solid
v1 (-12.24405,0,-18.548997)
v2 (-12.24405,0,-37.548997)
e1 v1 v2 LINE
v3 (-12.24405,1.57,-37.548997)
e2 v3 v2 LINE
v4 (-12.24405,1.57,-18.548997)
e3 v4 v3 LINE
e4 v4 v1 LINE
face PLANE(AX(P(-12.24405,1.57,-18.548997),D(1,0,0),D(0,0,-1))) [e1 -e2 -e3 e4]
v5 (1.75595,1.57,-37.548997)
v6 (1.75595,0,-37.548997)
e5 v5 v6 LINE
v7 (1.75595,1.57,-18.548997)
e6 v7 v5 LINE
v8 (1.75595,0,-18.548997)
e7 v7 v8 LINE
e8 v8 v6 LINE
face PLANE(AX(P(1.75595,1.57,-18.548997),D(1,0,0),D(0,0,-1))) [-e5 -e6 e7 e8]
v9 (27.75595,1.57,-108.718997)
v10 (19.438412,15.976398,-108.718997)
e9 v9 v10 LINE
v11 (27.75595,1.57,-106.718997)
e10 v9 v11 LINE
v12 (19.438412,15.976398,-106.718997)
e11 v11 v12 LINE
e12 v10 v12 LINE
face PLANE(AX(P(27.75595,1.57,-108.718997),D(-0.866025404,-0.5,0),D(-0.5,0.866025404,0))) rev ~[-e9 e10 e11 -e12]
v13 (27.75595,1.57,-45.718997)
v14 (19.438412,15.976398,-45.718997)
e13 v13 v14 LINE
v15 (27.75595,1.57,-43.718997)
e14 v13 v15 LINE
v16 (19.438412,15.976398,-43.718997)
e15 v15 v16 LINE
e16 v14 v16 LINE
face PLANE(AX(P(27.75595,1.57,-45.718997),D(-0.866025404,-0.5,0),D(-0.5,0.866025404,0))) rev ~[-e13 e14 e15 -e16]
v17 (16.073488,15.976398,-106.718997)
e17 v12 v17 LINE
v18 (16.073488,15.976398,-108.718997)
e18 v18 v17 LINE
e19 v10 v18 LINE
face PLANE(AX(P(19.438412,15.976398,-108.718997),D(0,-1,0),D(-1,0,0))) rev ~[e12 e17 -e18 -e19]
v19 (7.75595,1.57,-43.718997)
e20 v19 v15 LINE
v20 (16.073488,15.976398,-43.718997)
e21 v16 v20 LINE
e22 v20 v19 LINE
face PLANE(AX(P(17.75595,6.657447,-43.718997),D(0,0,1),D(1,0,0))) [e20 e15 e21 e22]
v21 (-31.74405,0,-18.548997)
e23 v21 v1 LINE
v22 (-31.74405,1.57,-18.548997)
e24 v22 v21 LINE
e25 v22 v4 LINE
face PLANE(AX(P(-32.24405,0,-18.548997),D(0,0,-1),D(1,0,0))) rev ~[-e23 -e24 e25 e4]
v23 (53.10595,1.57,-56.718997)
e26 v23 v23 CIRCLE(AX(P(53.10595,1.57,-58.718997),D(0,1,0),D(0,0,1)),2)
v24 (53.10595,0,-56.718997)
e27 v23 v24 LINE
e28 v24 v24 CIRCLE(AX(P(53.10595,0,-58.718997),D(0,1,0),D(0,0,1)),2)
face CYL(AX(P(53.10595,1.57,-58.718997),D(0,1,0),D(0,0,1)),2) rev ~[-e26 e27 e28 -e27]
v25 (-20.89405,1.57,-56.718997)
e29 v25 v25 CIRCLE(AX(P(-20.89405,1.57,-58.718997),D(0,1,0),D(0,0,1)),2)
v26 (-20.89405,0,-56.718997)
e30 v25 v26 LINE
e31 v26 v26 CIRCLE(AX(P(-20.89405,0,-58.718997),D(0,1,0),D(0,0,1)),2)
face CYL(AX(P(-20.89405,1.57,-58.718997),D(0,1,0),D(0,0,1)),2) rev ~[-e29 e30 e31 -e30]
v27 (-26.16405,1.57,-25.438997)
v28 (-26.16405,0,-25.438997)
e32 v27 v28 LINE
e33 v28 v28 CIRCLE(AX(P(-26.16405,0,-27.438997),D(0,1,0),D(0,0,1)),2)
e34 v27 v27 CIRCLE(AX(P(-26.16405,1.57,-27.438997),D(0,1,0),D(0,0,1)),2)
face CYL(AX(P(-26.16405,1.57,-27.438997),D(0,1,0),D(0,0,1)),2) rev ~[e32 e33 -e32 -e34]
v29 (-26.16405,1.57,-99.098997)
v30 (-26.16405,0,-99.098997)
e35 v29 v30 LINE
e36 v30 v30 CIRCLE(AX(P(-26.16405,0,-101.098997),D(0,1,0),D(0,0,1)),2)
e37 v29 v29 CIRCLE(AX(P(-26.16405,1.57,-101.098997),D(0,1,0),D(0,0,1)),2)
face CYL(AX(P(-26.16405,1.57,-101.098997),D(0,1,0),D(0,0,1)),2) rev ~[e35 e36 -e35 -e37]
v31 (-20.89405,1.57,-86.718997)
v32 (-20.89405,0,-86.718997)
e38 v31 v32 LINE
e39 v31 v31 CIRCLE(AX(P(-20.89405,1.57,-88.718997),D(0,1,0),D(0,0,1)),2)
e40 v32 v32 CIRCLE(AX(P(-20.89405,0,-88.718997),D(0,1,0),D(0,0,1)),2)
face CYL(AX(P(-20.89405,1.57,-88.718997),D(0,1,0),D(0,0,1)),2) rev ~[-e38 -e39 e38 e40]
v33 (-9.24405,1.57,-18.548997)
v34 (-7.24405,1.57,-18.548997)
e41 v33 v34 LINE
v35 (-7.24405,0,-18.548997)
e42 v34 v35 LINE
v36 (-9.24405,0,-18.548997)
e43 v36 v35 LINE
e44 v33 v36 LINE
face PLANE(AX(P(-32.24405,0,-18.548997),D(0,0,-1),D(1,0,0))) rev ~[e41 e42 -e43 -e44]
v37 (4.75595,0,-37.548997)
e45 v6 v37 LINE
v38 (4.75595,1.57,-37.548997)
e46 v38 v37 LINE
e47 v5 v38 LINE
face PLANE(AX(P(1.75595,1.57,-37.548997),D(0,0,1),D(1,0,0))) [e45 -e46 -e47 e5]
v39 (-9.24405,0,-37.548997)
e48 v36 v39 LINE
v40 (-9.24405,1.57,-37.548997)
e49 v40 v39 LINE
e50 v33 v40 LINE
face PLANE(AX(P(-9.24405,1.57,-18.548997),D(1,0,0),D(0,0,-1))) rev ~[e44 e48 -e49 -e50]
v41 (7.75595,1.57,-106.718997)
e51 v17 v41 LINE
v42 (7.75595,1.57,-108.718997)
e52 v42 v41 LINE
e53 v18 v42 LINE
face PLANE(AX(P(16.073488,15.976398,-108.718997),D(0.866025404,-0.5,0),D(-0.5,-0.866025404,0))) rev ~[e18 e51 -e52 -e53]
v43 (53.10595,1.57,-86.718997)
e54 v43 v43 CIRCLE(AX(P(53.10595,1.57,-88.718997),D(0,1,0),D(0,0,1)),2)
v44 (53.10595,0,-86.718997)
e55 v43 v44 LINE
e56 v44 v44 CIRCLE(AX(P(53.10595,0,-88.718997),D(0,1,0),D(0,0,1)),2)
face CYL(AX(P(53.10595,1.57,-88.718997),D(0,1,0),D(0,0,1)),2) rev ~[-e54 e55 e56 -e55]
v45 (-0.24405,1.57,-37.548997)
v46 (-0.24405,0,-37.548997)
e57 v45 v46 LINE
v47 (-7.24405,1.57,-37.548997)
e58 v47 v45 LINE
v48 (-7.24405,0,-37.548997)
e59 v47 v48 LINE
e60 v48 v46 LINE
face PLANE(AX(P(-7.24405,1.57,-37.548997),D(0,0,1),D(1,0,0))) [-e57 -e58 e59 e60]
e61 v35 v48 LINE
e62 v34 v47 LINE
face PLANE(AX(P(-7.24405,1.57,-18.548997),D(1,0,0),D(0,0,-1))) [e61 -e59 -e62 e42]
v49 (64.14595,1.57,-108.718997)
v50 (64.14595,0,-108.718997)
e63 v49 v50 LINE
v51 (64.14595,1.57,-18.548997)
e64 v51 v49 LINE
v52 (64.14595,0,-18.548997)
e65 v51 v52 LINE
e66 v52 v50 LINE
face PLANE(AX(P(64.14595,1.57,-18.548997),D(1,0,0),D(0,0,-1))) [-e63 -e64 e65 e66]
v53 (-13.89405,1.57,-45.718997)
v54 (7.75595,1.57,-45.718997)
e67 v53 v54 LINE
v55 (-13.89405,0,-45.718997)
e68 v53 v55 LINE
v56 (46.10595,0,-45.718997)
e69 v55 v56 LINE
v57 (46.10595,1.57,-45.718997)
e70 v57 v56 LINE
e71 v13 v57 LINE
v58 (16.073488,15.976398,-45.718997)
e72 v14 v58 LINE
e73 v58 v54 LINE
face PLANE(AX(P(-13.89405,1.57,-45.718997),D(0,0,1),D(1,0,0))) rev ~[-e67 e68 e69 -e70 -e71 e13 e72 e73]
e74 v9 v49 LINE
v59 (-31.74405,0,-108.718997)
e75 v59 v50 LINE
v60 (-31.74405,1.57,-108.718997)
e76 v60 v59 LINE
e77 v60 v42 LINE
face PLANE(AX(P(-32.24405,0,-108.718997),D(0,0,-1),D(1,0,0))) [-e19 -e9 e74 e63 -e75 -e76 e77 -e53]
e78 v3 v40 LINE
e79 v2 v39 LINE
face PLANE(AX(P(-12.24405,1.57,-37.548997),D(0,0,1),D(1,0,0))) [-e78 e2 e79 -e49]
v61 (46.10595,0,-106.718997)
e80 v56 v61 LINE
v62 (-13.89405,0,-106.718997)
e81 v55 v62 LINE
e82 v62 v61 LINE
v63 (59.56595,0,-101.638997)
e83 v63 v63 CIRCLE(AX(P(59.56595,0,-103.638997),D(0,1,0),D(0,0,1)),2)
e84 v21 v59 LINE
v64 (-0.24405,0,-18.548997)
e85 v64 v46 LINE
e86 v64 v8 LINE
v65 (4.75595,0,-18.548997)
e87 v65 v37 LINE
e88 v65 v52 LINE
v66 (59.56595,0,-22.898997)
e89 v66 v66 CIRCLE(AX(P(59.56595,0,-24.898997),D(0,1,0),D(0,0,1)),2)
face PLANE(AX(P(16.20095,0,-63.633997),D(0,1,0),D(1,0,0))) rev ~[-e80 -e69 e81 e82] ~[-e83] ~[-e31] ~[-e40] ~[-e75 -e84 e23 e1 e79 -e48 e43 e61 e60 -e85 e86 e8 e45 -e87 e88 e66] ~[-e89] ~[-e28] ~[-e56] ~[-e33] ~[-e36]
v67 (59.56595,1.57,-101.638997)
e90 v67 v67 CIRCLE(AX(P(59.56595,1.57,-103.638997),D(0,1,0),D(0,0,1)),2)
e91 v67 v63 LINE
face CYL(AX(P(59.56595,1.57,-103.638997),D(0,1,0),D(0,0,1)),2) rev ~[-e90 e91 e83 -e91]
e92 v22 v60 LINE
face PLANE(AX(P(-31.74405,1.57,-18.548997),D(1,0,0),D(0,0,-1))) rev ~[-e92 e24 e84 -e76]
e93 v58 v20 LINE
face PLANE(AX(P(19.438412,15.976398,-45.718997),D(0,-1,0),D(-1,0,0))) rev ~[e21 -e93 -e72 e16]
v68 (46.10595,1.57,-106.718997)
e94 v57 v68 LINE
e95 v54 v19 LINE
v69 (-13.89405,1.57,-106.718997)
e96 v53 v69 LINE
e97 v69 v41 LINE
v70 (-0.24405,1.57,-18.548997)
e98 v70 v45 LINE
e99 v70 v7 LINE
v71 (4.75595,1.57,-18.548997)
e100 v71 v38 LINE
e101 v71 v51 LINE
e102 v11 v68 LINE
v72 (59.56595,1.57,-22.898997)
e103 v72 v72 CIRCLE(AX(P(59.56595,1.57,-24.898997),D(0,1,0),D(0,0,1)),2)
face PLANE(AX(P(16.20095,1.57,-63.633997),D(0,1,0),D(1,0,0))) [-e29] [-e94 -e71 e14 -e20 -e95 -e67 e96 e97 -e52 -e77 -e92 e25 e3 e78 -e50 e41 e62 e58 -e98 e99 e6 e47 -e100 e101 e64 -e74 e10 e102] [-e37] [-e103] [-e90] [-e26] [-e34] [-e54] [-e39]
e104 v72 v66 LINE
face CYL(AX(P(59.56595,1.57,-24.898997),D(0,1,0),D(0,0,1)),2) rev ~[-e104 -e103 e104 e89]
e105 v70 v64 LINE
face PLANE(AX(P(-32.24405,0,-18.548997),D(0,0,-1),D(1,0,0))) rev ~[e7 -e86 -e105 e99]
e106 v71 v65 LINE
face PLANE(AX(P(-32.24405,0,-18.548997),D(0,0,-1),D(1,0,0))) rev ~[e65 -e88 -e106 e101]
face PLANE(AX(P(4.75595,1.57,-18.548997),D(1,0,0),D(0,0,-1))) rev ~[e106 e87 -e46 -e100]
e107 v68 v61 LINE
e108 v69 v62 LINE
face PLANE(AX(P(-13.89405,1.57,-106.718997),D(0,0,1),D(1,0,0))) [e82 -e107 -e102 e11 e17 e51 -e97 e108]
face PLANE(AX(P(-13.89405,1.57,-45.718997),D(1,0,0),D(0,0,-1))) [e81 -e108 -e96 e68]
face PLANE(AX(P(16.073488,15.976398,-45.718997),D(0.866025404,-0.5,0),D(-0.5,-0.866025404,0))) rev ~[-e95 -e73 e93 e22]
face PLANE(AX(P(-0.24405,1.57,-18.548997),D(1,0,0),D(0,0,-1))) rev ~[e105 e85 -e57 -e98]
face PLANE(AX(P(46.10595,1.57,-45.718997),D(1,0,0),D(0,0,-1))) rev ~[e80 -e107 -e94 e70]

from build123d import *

# Parameters (mm, degrees)
SKETCH1_W               = 96.89
SKETCH1_H               = 90.17
PCB_DEPTH               = 1.57
SKETCH2_R               = 2
M3_MOUNTING_HOLES_DEPTH = 1.57
SKETCH4_R               = 2
CUT_EXTRUDE1_DEPTH      = 23
BOSS_EXTRUDE2_DEPTH     = 2
BOSS_EXTRUDE3_DEPTH     = 2
SKETCH9_W               = 3
SKETCH9_H               = 19
SKETCH9_W_2             = 7
CUT_EXTRUDE2_DEPTH      = 128.304608561
SKETCH10_W              = 0.5
SKETCH10_H              = 90.17
CUT_EXTRUDE3_DEPTH      = 10
SKETCH11_W              = 60
SKETCH11_H              = 61
CUT_EXTRUDE4_DEPTH      = 10


with BuildPart() as part:
    # Sketch1 → PCB (new body)
    with BuildSketch(Plane(origin=(0, 0, 0), x_dir=(1, 0, 0), z_dir=(0, 1, 0))):
        with Locations((16.200949951, 63.633996534)):
            Rectangle(SKETCH1_W, SKETCH1_H)
    extrude(amount=PCB_DEPTH)

    # Sketch2 → M3 Mounting Holes (cut)
    with BuildSketch(Plane(origin=(0, 1.57, 0), x_dir=(1, 0, 0), z_dir=(0, 1, 0))):
        with Locations(Location((59.565949951, 24.898996534, 0), (0, 0, 270))):
            Circle(SKETCH2_R)
        with Locations(Location((-26.164050049, 27.438996534, 0), (0, 0, 270))):
            Circle(SKETCH2_R)
        with Locations(Location((-26.164050049, 101.098996534, 0), (0, 0, 270))):
            Circle(SKETCH2_R)
        with Locations(Location((59.565949951, 103.638996534, 0), (0, 0, 270))):
            Circle(SKETCH2_R)
    extrude(amount=-M3_MOUNTING_HOLES_DEPTH, mode=Mode.SUBTRACT)

    # Sketch4 → Cut-Extrude1 (cut)
    with BuildSketch(Plane(origin=(0, 1.57, 0), x_dir=(1, 0, 0), z_dir=(0, 1, 0))):
        with Locations(Location((-20.894050049, 88.718996534, 0), (0, 0, 270))):
            Circle(SKETCH4_R)
        with Locations(Location((53.105949951, 88.718996534, 0), (0, 0, 270))):
            Circle(SKETCH4_R)
        with Locations(Location((-20.894050049, 58.718996534, 0), (0, 0, 270))):
            Circle(SKETCH4_R)
        with Locations(Location((53.105949951, 58.718996534, 0), (0, 0, 270))):
            Circle(SKETCH4_R)
    extrude(amount=-CUT_EXTRUDE1_DEPTH, mode=Mode.SUBTRACT)

    # Sketch7 → Boss-Extrude2 (add)
    with BuildSketch(Plane.XY.offset(-45.718996534)):
        Polygon((27.755949951, 1.57), (19.438412086, 15.976398176), (16.073487816, 15.976398176), (7.755949951, 1.57), align=None)
    extrude(amount=BOSS_EXTRUDE2_DEPTH)

    # Sketch8 → Boss-Extrude3 (add)
    with BuildSketch(Plane.XY.offset(-108.718996534)):
        Polygon((27.755949951, 1.57), (19.438412086, 15.976398176), (16.073487816, 15.976398176), (7.755949951, 1.57), align=None)
    extrude(amount=BOSS_EXTRUDE3_DEPTH)

    # Sketch9 → Cut-Extrude2 (cut, through all)
    with BuildSketch(Plane(origin=(0, 1.57, 0), x_dir=(1, 0, 0), z_dir=(0, 1, 0))):
        with Locations((-10.744050049, 28.048996534)):
            Rectangle(SKETCH9_W, SKETCH9_H)
        with Locations((-3.744050049, 28.048996534)):
            Rectangle(SKETCH9_W_2, SKETCH9_H)
        with Locations((3.255949951, 28.048996534)):
            Rectangle(SKETCH9_W, SKETCH9_H)
    extrude(amount=-CUT_EXTRUDE2_DEPTH, mode=Mode.SUBTRACT)

    # Sketch10 → Cut-Extrude3 (cut)
    with BuildSketch(Plane(origin=(0, 1.57, 0), x_dir=(1, 0, 0), z_dir=(0, 1, 0))):
        with Locations((-31.994050049, 63.633996534)):
            Rectangle(SKETCH10_W, SKETCH10_H)
        with Locations((64.395949951, 63.633996534)):
            Rectangle(SKETCH10_W, SKETCH10_H)
    extrude(amount=-CUT_EXTRUDE3_DEPTH, mode=Mode.SUBTRACT)

    # Sketch11 → Cut-Extrude4 (cut)
    with BuildSketch(Plane(origin=(0, 1.57, 0), x_dir=(1, 0, 0), z_dir=(0, 1, 0))):
        with Locations((16.105949951, 76.218996534)):
            Rectangle(SKETCH11_W, SKETCH11_H)
    extrude(amount=-CUT_EXTRUDE4_DEPTH, mode=Mode.SUBTRACT)


solid = part.part
